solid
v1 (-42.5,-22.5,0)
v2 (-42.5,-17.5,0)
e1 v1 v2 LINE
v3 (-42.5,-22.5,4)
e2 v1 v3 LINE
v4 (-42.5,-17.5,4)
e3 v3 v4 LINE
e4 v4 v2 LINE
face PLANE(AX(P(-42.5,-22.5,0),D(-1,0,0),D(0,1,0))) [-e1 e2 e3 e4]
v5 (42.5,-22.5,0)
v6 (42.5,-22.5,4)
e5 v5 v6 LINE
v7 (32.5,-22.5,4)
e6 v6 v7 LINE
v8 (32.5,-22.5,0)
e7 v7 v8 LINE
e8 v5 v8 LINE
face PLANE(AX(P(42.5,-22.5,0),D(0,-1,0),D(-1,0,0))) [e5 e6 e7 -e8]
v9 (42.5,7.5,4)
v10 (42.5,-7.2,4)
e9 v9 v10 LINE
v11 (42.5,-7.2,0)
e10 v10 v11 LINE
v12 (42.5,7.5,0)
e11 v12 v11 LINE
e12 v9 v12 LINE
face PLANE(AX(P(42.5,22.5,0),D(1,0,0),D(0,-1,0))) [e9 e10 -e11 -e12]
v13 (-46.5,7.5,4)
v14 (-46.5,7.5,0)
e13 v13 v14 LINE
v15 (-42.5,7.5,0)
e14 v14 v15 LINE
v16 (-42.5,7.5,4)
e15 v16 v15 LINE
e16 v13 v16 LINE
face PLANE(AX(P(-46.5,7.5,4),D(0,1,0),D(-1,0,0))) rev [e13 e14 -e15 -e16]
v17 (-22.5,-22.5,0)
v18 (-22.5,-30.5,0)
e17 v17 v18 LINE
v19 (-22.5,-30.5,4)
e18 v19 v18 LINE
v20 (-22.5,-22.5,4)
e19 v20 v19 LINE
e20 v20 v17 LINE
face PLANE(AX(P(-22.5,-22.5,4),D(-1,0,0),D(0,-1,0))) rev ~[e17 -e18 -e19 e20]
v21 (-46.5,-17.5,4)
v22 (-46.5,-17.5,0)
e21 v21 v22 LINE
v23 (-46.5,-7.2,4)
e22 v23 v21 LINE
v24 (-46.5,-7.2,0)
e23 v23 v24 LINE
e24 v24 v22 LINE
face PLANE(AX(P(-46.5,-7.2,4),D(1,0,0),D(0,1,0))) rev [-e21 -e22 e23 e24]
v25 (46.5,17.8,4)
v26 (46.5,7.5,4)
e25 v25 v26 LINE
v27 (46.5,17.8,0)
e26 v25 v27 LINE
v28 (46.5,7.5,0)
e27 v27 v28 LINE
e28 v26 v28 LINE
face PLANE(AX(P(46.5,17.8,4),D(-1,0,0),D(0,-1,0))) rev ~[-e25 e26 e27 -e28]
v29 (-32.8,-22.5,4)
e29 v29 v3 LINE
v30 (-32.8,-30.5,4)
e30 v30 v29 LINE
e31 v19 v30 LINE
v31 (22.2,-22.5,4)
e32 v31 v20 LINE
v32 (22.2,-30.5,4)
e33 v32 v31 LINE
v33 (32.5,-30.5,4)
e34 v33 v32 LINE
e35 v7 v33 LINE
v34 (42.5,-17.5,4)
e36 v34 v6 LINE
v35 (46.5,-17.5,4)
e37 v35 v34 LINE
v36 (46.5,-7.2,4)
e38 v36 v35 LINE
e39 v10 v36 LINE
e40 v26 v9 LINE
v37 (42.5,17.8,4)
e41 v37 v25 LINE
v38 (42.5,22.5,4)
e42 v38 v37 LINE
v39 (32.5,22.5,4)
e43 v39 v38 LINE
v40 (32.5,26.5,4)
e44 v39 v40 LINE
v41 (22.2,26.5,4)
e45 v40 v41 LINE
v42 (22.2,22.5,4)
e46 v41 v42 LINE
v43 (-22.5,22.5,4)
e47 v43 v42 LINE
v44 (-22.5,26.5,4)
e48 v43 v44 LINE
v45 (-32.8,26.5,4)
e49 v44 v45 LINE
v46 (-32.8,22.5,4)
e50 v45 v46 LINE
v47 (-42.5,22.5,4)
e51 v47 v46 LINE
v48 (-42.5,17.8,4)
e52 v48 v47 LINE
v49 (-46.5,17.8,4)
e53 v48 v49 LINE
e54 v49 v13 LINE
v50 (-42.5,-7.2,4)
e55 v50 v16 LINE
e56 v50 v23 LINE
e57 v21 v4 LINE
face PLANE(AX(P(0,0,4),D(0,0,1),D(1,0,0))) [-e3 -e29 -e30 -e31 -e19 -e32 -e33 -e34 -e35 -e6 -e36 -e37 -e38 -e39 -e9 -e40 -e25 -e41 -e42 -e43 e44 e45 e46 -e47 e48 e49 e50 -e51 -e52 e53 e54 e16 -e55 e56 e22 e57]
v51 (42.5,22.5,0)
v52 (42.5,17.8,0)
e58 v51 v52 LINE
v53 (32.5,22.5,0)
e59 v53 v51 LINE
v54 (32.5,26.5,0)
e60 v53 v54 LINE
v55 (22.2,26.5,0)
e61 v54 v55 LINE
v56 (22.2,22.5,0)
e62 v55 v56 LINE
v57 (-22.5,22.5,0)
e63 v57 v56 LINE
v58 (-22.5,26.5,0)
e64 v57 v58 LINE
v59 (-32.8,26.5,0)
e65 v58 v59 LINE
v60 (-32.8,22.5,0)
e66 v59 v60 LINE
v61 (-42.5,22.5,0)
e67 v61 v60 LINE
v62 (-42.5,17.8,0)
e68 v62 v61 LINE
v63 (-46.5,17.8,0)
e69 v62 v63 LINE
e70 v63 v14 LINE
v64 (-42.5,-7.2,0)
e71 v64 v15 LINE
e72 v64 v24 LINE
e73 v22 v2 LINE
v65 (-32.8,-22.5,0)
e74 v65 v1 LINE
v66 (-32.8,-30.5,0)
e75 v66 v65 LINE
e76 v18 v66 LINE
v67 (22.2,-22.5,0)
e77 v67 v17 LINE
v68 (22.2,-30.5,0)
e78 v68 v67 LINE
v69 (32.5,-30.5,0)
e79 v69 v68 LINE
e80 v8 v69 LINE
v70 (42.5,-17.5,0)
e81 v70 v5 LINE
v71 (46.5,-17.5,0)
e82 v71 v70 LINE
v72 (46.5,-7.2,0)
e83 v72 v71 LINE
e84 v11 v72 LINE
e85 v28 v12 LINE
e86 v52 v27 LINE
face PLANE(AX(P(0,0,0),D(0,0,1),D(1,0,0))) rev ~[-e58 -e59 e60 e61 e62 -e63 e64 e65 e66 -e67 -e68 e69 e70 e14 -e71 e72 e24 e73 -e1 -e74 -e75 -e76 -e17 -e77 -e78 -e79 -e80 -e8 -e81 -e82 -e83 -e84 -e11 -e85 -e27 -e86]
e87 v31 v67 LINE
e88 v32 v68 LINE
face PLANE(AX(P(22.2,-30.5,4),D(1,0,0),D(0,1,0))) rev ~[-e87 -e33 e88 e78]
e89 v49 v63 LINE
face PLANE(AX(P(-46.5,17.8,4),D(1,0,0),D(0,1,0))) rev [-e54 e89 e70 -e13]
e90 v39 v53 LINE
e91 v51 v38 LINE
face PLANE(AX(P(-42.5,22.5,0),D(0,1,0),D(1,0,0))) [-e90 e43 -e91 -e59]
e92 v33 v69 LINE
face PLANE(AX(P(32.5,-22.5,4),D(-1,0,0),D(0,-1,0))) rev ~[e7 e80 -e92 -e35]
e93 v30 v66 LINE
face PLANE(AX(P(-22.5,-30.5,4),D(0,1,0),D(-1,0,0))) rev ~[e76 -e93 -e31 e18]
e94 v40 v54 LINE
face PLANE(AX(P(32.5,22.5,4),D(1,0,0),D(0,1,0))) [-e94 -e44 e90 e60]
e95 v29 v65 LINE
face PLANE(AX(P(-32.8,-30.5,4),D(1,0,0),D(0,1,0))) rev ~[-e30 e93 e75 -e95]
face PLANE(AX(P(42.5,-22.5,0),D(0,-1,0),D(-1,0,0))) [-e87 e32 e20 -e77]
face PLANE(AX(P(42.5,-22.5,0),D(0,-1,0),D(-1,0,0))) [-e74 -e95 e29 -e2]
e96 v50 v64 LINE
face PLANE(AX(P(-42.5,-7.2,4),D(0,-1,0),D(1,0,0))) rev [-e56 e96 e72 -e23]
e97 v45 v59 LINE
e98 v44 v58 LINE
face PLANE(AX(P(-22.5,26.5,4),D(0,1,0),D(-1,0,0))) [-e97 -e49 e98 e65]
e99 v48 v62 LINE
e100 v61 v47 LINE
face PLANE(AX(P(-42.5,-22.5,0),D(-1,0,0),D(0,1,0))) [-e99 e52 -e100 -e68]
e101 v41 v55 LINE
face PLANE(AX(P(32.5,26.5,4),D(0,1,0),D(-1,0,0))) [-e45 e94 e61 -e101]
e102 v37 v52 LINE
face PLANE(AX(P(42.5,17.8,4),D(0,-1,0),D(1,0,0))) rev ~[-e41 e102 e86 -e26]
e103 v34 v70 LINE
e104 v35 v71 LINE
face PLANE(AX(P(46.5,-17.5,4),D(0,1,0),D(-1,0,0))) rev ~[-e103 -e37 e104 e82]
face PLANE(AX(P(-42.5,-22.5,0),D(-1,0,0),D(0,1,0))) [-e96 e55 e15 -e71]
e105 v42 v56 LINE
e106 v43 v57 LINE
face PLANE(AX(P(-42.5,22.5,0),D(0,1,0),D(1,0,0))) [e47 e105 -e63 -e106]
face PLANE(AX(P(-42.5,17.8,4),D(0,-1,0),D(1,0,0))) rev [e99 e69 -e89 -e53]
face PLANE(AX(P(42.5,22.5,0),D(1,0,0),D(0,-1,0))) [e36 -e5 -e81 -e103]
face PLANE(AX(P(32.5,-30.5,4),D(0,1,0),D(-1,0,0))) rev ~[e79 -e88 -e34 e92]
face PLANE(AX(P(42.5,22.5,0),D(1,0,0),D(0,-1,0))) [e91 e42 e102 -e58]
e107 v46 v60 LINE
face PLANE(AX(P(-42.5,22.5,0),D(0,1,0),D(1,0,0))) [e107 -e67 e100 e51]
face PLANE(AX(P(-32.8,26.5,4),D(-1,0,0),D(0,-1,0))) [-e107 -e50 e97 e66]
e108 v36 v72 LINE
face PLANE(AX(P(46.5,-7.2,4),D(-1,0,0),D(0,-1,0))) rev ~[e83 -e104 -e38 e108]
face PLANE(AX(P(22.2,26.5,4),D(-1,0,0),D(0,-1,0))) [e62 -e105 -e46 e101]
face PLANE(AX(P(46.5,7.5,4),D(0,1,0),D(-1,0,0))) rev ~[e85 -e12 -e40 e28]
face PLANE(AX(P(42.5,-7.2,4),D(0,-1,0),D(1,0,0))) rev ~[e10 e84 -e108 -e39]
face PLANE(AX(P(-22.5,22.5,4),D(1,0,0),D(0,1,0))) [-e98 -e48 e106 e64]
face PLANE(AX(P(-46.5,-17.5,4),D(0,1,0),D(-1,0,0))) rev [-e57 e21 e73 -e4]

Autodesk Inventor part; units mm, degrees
ref_plane "YZ Plane" through (0, 0, 0) normal (1, 0, 0) x (0, 1, 0)
ref_plane "XZ Plane" through (0, 0, 0) normal (0, 1, 0) x (-1, 0, 0)
sketch "Sketch1" plane through (0, 0, 0) normal (0, 0, 1) x (1, 0, 0)
  line L0 (42.5, -22.5) -> (-42.5, -22.5)
  line L1 (-42.5, -22.5) -> (-42.5, 22.5)
  line L2 (-42.5, 22.5) -> (42.5, 22.5)
  line L3 (42.5, 22.5) -> (42.5, -22.5)
  line L4 (42.5, -22.5) -> (-42.5, 22.5) construction
  line L5 (-42.5, -22.5) -> (42.5, 22.5) construction
  point P0 (0, 0)
  dimension "d0" = 85
  dimension "d1" = 45
extrude "Extrusion1" add sketch "Sketch1" along normal blind 4
sketch "Sketch2" plane through (0, 0, 4) normal (0, 0, 1) x (1, 0, 0)
  line L0 (-42.5, -22.5) -> (42.5, -22.5) projected
  line L1 (42.5, -22.5) -> (42.5, 22.5) projected
  line L2 (42.5, 22.5) -> (-42.5, 22.5) projected
  line L3 (-42.5, 22.5) -> (-42.5, -22.5) projected
  line L4 (42.5, -22.5) -> (42.5, 22.5) projected
  line L5 (42.5, 17.8) -> (46.5, 17.8)
  line L6 (46.5, 17.8) -> (46.5, 7.5)
  line L7 (46.5, 7.5) -> (42.5, 7.5)
  line L8 (42.5, 7.5) -> (42.5, 17.8)
  line L9 (42.5, -7.2) -> (46.5, -7.2)
  line L10 (46.5, -7.2) -> (46.5, -17.5)
  line L11 (46.5, -17.5) -> (42.5, -17.5)
  line L12 (42.5, -17.5) -> (42.5, -7.2)
  point P0 (0, 0)
  dimension "d4" = 4
  dimension "d5" = 10.3
  dimension "d6" = 4
  dimension "d7" = 10.3
extrude "Extrusion2" add sketch "Sketch2" against normal blind 4 contours L1 L9 L10 L11 | L5 L6 L7 L1
ref_plane "Work Plane1" through (0, -7.2, 0) normal (1, 0, 0) x (0, 0, -1)
mirror "Mirror1" about plane through (0, -7.2, 0) normal (1, 0, 0) of "Extrusion2"
sketch "Sketch3" plane through (0, 0, 4) normal (0, 0, 1) x (1, 0, 0)
  line L0 (-42.5, -22.5) -> (42.5, -22.5) projected
  line L1 (-32.8, -22.5) -> (-22.5, -22.5)
  line L2 (-22.5, -22.5) -> (-22.5, -30.5)
  line L3 (-22.5, -30.5) -> (-32.8, -30.5)
  line L4 (-32.8, -30.5) -> (-32.8, -22.5)
  line L5 (22.2, -22.5) -> (32.5, -22.5)
  line L6 (32.5, -22.5) -> (32.5, -30.5)
  line L7 (32.5, -30.5) -> (22.2, -30.5)
  line L8 (22.2, -30.5) -> (22.2, -22.5)
  line L9 (-42.5, -17.5) -> (-42.5, -22.5) projected
  line L10 (42.5, -22.5) -> (42.5, -17.5) projected
  point P0 (0, 0)
  dimension "d12" = 10.3
  dimension "d13" = 8
  dimension "d14" = 10.3
  dimension "d15" = 8
extrude "Extrusion3" add sketch "Sketch3" against normal blind 4
sketch "Sketch5" plane through (0, 0, 4) normal (0, 0, 1) x (1, 0, 0)
  line L0 (42.5, 22.5) -> (-42.5, 22.5) projected
  line L1 (-32.8, 22.5) -> (-22.5, 22.5)
  line L2 (-22.5, 22.5) -> (-22.5, 26.5)
  line L3 (-22.5, 26.5) -> (-32.8, 26.5)
  line L4 (-32.8, 26.5) -> (-32.8, 22.5)
  line L5 (22.2, 22.5) -> (32.5, 22.5)
  line L6 (32.5, 22.5) -> (32.5, 26.5)
  line L7 (32.5, 26.5) -> (22.2, 26.5)
  line L8 (22.2, 26.5) -> (22.2, 22.5)
  line L9 (-42.5, 22.5) -> (-42.5, 17.8) projected
  line L10 (42.5, 17.8) -> (42.5, 22.5) projected
  point P0 (0, 0)
  dimension "d20" = 10.3
  dimension "d21" = 4
  dimension "d22" = 10.3
  dimension "d23" = 4
extrude "Extrusion4" add sketch "Sketch5" against normal blind 4
equation "\"d5\" = d"
equation "\"d7\" = d"
equation "\"d12\" = d"
equation "\"d14\" = d"
equation "\"d20\" = d"
equation "\"d22\" = d"
equation "\"d\" = 10.3"
properties part number "FUENTE 2-02"
